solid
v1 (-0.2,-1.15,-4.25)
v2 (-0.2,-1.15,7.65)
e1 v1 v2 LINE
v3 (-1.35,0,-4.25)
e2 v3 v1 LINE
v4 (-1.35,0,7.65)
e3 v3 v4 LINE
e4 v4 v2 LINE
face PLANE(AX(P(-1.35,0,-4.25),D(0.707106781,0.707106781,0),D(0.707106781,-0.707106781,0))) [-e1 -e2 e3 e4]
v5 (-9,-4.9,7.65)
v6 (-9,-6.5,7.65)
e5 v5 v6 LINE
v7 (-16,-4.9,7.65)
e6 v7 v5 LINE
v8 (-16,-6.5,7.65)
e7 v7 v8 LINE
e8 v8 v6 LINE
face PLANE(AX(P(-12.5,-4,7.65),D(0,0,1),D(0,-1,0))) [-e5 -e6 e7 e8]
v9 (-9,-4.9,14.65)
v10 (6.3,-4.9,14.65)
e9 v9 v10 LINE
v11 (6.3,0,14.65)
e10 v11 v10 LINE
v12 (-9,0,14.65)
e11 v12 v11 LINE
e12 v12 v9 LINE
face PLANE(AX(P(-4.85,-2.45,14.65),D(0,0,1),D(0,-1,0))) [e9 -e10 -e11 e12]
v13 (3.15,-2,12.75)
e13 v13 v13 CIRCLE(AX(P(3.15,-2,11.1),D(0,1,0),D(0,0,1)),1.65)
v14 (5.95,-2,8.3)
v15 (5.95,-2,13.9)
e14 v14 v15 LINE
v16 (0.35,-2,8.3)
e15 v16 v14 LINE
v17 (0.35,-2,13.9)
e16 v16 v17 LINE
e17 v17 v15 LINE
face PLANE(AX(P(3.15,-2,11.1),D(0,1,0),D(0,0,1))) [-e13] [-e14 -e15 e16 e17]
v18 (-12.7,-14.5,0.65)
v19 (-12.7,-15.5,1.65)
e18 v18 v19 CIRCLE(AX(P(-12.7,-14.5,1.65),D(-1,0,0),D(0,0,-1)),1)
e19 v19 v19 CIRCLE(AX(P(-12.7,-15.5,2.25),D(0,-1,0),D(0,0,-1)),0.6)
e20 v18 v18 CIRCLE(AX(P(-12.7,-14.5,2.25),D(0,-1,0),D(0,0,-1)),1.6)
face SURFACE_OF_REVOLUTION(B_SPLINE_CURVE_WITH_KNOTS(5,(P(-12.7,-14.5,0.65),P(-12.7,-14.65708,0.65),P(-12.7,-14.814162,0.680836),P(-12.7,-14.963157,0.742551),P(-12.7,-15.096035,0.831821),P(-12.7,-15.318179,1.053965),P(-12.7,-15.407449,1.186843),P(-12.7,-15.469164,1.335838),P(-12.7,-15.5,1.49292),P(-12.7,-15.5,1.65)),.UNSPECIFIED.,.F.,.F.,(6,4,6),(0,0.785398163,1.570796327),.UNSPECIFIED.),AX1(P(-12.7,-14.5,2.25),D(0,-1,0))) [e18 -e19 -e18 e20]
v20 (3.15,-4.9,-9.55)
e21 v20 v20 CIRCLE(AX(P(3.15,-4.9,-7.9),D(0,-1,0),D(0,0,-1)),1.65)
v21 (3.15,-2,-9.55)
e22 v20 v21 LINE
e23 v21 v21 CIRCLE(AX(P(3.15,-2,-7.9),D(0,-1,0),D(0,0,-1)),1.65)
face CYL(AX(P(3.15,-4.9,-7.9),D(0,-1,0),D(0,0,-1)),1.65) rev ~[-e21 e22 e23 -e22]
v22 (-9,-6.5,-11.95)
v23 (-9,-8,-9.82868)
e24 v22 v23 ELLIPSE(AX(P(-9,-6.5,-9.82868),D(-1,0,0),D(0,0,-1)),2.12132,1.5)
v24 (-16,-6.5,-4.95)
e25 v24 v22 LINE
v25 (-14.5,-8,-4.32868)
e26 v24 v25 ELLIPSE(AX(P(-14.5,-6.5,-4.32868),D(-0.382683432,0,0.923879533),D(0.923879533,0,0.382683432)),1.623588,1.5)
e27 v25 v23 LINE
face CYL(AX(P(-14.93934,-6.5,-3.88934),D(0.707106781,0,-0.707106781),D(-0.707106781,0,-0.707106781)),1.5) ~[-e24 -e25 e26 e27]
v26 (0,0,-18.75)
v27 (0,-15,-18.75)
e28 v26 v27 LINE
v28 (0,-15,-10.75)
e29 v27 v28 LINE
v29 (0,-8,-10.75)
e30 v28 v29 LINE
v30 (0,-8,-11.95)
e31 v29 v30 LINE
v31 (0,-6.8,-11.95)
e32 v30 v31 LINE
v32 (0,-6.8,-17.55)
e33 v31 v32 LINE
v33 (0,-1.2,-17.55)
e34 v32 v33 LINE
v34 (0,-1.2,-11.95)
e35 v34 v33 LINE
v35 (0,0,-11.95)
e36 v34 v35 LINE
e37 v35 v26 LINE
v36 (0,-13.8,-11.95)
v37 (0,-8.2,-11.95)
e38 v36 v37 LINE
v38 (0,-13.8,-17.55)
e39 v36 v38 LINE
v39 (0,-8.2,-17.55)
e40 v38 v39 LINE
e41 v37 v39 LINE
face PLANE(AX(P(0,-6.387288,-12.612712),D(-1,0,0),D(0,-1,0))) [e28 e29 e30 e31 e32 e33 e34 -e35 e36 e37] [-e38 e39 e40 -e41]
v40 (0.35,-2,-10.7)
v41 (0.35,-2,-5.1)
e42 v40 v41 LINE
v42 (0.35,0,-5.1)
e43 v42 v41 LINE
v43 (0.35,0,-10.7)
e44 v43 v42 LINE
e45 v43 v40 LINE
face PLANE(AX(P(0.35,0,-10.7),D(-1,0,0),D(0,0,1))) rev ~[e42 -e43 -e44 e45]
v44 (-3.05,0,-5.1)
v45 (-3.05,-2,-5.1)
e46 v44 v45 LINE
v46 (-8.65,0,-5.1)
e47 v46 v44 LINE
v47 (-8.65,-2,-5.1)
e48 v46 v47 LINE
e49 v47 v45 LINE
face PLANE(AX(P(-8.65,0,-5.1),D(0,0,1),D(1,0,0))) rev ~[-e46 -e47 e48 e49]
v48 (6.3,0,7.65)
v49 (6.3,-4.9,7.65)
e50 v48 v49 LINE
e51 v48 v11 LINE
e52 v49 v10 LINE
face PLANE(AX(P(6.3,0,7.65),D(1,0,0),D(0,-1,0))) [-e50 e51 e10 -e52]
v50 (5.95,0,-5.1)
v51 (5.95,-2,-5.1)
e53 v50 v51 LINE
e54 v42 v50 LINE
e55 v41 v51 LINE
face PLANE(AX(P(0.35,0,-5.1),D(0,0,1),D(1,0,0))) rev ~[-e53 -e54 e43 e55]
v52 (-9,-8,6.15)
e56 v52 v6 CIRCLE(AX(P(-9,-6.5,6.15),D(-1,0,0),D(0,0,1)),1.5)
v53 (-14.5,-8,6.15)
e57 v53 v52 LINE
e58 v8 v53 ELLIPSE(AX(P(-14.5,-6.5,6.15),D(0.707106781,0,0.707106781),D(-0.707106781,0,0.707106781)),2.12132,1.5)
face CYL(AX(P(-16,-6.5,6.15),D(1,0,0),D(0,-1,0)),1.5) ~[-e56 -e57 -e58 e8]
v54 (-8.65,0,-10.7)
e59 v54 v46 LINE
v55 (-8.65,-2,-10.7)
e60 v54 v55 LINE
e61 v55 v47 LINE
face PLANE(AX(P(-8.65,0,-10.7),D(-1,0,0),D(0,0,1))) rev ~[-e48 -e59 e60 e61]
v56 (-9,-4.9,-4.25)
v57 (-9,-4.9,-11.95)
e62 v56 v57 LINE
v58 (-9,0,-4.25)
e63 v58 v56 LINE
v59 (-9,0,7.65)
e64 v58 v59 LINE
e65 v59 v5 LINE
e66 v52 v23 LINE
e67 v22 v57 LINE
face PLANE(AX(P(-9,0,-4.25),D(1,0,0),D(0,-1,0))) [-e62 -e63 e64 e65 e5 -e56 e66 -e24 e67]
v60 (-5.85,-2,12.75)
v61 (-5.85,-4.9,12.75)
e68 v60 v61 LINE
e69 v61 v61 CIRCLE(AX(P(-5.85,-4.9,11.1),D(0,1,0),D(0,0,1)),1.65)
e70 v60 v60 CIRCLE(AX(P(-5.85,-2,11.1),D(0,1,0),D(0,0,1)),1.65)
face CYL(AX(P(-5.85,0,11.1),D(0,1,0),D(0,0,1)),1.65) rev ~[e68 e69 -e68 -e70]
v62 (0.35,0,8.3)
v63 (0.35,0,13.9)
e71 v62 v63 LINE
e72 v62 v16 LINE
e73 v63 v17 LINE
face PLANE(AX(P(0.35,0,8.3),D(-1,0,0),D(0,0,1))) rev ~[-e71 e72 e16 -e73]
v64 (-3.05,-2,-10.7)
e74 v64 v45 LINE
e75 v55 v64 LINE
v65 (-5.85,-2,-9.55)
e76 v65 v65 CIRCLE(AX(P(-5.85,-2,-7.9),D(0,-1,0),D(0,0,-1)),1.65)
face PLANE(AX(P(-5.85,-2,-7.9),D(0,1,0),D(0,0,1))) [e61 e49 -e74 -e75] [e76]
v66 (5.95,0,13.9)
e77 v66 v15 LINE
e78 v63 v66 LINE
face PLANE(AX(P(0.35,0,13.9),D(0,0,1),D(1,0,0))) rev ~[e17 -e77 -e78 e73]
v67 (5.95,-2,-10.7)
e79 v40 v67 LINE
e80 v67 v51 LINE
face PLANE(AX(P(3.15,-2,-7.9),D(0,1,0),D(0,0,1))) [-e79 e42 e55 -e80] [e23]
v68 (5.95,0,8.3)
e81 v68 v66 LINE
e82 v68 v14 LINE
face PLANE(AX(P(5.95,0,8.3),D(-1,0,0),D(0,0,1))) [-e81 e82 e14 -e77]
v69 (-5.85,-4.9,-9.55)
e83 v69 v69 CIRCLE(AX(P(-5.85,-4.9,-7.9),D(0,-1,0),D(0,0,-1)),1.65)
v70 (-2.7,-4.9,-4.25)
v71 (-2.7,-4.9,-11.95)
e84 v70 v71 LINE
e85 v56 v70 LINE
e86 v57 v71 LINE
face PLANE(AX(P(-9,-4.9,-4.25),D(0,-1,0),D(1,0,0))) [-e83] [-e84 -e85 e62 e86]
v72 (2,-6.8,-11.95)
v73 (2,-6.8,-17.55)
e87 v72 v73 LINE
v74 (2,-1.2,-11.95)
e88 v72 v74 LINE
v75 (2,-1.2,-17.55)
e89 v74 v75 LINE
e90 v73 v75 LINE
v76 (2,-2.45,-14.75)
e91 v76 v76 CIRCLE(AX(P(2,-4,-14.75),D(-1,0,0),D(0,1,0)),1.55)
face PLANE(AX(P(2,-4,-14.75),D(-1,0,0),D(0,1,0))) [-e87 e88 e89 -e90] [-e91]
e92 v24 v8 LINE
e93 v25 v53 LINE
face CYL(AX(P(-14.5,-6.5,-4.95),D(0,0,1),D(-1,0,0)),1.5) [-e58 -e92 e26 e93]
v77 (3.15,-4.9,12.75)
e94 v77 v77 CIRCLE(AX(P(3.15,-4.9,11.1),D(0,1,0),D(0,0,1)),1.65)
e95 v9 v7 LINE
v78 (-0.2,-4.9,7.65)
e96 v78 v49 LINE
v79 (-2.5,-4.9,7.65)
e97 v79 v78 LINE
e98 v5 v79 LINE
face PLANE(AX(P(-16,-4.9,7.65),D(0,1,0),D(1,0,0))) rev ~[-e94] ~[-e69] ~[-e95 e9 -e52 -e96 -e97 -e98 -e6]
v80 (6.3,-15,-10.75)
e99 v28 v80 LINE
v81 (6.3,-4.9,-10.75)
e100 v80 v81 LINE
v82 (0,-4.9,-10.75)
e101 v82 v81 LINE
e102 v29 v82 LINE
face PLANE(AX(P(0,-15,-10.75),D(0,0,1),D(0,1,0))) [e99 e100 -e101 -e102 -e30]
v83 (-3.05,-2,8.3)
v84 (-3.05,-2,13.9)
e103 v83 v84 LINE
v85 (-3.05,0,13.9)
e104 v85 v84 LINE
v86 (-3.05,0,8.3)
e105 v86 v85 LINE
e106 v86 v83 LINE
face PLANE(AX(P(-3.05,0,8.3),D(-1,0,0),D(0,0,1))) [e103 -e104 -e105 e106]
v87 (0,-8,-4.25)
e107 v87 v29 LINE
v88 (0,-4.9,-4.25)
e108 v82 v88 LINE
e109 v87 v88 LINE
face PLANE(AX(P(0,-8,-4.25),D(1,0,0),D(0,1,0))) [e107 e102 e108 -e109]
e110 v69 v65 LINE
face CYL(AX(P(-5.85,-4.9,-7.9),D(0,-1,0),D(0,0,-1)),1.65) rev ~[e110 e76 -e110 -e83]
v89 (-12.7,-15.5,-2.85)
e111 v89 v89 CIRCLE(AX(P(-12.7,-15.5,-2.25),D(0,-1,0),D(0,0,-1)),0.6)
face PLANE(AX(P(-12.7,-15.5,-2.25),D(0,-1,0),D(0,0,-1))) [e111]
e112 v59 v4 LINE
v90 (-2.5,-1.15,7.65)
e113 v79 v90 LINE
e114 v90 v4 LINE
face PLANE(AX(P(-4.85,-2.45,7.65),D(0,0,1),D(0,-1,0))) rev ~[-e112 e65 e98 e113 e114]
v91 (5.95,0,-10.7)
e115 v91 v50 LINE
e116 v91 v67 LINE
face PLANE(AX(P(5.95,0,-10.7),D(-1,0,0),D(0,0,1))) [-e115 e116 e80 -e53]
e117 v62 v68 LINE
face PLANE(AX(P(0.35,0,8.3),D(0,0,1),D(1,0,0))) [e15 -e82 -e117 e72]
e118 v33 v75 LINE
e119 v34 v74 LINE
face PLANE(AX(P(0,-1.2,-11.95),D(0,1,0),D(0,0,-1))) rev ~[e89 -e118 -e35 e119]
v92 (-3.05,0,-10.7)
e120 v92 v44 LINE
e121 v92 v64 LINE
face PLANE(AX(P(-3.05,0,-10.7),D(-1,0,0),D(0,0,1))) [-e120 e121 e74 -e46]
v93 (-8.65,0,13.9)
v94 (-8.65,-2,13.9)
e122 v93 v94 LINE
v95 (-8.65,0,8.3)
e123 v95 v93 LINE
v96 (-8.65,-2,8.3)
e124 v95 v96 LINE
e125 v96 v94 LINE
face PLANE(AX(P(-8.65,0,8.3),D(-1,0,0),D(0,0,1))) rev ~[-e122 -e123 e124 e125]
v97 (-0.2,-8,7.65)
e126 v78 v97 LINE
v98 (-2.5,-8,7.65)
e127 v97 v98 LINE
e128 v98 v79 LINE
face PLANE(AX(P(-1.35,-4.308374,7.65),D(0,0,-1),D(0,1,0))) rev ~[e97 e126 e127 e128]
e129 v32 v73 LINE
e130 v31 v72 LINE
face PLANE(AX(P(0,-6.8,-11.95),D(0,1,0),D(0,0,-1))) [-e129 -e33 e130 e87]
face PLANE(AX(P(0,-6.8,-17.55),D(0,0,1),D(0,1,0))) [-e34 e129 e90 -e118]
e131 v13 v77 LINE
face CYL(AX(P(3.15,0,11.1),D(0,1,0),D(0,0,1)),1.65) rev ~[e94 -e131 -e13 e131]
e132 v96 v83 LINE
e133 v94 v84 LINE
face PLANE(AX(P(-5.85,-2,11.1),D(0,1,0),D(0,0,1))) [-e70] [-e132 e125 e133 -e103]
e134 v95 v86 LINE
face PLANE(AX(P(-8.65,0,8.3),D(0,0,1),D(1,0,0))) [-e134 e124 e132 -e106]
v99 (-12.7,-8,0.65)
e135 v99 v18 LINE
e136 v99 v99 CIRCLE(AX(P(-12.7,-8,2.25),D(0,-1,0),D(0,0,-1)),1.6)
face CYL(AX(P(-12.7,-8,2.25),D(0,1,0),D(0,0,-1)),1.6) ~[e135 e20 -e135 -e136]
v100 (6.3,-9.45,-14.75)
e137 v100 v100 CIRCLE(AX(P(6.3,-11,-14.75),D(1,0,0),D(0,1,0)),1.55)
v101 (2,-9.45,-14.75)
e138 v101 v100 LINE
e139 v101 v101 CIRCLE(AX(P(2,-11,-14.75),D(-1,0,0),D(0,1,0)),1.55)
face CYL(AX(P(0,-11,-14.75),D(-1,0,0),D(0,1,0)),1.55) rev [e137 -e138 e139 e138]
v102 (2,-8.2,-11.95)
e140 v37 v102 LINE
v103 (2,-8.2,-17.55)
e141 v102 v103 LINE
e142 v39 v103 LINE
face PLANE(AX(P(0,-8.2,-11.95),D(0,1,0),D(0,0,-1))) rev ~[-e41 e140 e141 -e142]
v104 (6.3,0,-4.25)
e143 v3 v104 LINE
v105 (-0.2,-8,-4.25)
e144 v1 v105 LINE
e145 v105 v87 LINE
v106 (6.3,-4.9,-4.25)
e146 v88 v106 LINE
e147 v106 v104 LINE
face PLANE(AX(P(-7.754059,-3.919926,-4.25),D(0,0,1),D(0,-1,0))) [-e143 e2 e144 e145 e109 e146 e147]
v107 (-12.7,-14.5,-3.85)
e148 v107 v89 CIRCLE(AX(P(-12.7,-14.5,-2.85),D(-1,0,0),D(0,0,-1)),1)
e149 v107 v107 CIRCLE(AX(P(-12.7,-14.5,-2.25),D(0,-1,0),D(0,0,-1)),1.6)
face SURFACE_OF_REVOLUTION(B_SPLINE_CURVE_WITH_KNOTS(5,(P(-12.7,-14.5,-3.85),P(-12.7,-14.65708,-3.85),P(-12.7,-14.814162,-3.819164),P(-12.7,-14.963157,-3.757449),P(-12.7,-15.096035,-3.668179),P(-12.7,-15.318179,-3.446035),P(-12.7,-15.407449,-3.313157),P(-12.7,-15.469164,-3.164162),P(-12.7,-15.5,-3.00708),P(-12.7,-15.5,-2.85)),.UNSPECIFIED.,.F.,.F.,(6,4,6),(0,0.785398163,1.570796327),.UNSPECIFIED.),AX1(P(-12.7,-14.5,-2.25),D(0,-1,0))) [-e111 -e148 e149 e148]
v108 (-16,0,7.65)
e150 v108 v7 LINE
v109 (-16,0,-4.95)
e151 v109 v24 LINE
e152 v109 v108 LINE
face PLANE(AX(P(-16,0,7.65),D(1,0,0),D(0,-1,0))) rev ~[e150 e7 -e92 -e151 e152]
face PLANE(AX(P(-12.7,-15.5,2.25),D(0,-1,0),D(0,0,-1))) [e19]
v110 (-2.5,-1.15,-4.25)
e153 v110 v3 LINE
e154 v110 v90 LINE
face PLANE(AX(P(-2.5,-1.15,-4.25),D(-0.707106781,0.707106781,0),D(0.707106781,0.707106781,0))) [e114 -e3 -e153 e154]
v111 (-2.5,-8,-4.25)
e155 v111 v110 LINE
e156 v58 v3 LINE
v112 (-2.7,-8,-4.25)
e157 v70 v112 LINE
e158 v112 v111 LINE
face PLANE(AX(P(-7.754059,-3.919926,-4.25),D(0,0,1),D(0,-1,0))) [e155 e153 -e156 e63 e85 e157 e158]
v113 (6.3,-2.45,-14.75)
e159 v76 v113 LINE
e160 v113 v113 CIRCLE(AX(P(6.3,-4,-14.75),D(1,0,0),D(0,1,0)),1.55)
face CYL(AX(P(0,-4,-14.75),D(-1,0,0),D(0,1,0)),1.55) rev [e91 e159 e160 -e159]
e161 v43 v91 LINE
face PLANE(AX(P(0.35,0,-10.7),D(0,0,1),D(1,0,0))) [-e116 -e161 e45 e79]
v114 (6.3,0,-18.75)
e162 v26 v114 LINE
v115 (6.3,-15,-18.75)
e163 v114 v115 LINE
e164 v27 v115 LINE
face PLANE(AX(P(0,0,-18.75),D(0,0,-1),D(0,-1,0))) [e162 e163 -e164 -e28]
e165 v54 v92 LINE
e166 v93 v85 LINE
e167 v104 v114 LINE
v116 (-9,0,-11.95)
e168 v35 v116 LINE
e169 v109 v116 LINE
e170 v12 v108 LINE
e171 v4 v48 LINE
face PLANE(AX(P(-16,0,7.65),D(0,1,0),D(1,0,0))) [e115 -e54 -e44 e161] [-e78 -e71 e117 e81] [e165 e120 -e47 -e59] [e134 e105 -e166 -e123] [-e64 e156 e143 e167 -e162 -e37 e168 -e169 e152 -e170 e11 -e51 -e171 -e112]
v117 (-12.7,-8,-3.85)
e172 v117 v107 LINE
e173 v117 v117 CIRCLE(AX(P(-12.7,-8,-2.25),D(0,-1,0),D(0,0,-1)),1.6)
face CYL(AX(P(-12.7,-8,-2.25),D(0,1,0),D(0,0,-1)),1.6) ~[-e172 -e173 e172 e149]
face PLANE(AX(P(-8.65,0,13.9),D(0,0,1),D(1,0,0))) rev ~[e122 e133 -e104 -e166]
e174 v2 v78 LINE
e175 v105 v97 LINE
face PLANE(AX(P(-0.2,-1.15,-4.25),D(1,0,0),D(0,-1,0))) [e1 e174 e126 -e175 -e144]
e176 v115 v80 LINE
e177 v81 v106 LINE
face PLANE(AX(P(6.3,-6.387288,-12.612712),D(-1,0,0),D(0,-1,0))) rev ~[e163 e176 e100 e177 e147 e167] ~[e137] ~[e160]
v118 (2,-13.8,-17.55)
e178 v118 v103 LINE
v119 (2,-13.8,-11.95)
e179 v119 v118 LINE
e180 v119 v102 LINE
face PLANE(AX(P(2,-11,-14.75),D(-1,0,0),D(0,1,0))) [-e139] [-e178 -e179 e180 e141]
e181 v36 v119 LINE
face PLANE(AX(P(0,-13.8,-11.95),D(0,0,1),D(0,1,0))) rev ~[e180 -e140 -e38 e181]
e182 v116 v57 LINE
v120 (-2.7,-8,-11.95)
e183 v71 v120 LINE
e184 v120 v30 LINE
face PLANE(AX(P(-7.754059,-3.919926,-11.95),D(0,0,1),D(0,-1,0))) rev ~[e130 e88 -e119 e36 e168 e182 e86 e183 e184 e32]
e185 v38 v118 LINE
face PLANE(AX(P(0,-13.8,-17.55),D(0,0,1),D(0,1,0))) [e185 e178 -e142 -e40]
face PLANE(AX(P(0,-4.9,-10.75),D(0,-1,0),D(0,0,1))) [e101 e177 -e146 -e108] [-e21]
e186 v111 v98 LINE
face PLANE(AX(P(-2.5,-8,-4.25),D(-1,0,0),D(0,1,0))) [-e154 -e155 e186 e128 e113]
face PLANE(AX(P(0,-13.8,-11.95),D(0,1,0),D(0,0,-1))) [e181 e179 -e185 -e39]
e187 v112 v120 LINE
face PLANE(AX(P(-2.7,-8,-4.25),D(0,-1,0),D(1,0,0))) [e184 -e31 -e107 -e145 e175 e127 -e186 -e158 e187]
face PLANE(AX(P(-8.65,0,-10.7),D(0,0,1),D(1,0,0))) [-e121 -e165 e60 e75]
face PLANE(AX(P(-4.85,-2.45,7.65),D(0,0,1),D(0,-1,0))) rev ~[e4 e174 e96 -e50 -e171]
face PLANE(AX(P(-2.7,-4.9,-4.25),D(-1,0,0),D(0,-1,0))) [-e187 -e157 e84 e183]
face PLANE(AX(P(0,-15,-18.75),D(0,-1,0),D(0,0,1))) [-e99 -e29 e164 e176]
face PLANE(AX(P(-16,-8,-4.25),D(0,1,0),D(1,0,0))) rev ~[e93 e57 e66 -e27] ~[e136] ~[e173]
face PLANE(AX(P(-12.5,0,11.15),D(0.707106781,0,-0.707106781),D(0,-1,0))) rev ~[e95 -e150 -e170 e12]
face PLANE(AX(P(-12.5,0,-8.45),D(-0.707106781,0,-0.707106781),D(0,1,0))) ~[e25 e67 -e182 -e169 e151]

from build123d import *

# Parameters (mm, degrees)
SKETCH_R        = 1.55
PAD_DEPTH       = 6.3
SKETCH002_W     = 5.6
SKETCH002_H     = 5.6
POCKET_DEPTH    = 2
PAD001_DEPTH    = 7.7
SKETCH003_R     = 1.65
POCKET001_DEPTH = 4.901
SKETCH004_W     = 5.6
SKETCH004_H     = 5.6
POCKET002_DEPTH = 2
SKETCH005_W     = 8
SKETCH005_H     = 7
PAD002_DEPTH    = 11.9
SKETCH006_R     = 1.6
PAD003_DEPTH    = 7.5
PAD004_DEPTH    = 11.9
SKETCH008_W     = 4.9
SKETCH008_H     = 22.3
PAD005_DEPTH    = 7
SKETCH009_R     = 1.65
POCKET003_DEPTH = 15.501
SKETCH010_W     = 5.6
SKETCH010_H     = 5.6
POCKET004_DEPTH = 2
CHAMFER_SIZE    = 7
FILLET_R        = 1.5
FILLET001_R     = 1


with BuildPart() as part:
    # Sketch → Pad (new body)
    with BuildSketch(Plane.YZ):
        Polygon((-4.9, -4.25), (0, -4.25), (0, -18.75), (-15, -18.75), (-15, -10.75), (-4.9, -10.75), align=None)
        with Locations((-11, -14.75)):
            Circle(SKETCH_R, mode=Mode.SUBTRACT)
        with Locations((-4, -14.75)):
            Circle(SKETCH_R, mode=Mode.SUBTRACT)
    extrude(amount=PAD_DEPTH)

    # Sketch002 (on Face9 of Pad) → Pocket (cut)
    with BuildSketch(Plane(origin=(0, 0, 0), x_dir=(0, 1, 0), z_dir=(-1, 0, 0))):
        with Locations((-4, 14.75)):
            Rectangle(SKETCH002_W, SKETCH002_H)
        with Locations((-11, 14.75)):
            Rectangle(SKETCH002_W, SKETCH002_H)
    extrude(amount=-POCKET_DEPTH, mode=Mode.SUBTRACT)

    # Sketch001 (on Face1 of Pad) → Pad001 (join)
    with BuildSketch(Plane(origin=(0, 0, -4.25), x_dir=(0, -1, 0), z_dir=(0, 0, 1))):
        Polygon((0, 0), (0, -16), (8, -16), (8, -9), (4.9, -9), (4.9, -2.7), (8, -2.7), (8, 0), align=None)
    extrude(amount=-PAD001_DEPTH)

    # Sketch003 (on Face1 of Pad001) → Pocket001 (cut, through all)
    with BuildSketch(Plane(origin=(0, -4.9, 0), x_dir=(0, 0, -1), z_dir=(0, -1, 0))):
        with Locations((7.9, -5.85)):
            Circle(SKETCH003_R)
        with Locations((7.9, 3.15)):
            Circle(SKETCH003_R)
    extrude(amount=-POCKET001_DEPTH, mode=Mode.SUBTRACT)

    # Sketch004 (on Face10 of Pocket001) → Pocket002 (cut)
    with BuildSketch(Plane.ZX):
        with Locations((-7.9, 3.15)):
            Rectangle(SKETCH004_W, SKETCH004_H)
        with Locations((-7.9, -5.85)):
            Rectangle(SKETCH004_W, SKETCH004_H)
    extrude(amount=-POCKET002_DEPTH, mode=Mode.SUBTRACT)

    # Sketch005 (on Face5 of Pocket002) → Pad002 (join)
    with BuildSketch(Plane(origin=(0, 0, -4.25), x_dir=(0, -1, 0), z_dir=(0, 0, 1))):
        with Locations((4, -12.5)):
            Rectangle(SKETCH005_W, SKETCH005_H)
    extrude(amount=PAD002_DEPTH)

    # Sketch006 (on Face36 of Pad002) → Pad003 (join)
    with BuildSketch(Plane(origin=(0, -8, 0), x_dir=(0, 0, -1), z_dir=(0, -1, 0))):
        with Locations((-2.25, -12.7)):
            Circle(SKETCH006_R)
        with Locations((2.25, -12.7)):
            Circle(SKETCH006_R)
    extrude(amount=PAD003_DEPTH)

    # Sketch007 (on Face7 of Pad003) → Pad004 (join)
    with BuildSketch(Plane(origin=(0, 0, -4.25), x_dir=(0, -1, 0), z_dir=(0, 0, 1))):
        Polygon((8, -2.5), (1.15, -2.5), (0, -1.35), (1.15, -0.2), (8, -0.2), align=None)
    extrude(amount=PAD004_DEPTH)

    # Sketch008 (on Face14 of Pad004) → Pad005 (join)
    with BuildSketch(Plane(origin=(0, 0, 7.65), x_dir=(0, -1, 0), z_dir=(0, 0, 1))):
        with Locations((2.45, -4.85)):
            Rectangle(SKETCH008_W, SKETCH008_H)
    extrude(amount=PAD005_DEPTH)

    # Sketch009 (on Face54 of Pad005) → Pocket003 (cut, through all)
    with BuildSketch(Plane.ZX):
        with Locations((11.1, 3.15)):
            Circle(SKETCH009_R)
        with Locations((11.1, -5.85)):
            Circle(SKETCH009_R)
    extrude(amount=-POCKET003_DEPTH, mode=Mode.SUBTRACT)

    # Sketch010 (on Face4 of Pocket003) → Pocket004 (cut)
    with BuildSketch(Plane.ZX):
        with Locations((11.1, 3.15)):
            Rectangle(SKETCH010_W, SKETCH010_H)
        with Locations((11.1, -5.85)):
            Rectangle(SKETCH010_W, SKETCH010_H)
    extrude(amount=-POCKET004_DEPTH, mode=Mode.SUBTRACT)

    # Chamfer
    chamfer_edges = [part.edges().sort_by_distance(p)[0] for p in [
        (-16, -2.45, 14.65),
        (-16, -4, -11.95),
    ]]
    chamfer(chamfer_edges, length=CHAMFER_SIZE)

    # Fillet
    fillet_edges = [part.edges().sort_by_distance(p)[0] for p in [
        (-12.5, -8, -8.45),
        (-16, -8, 1.35),
        (-12.5, -8, 7.65),
    ]]
    fillet(fillet_edges, radius=FILLET_R)

    # Fillet001
    fillet001_edges = [part.edges().sort_by_distance(p)[0] for p in [
        (-12.7, -15.5, -0.65),
        (-12.7, -15.5, 3.85),
    ]]
    fillet(fillet001_edges, radius=FILLET001_R)


solid = part.part
